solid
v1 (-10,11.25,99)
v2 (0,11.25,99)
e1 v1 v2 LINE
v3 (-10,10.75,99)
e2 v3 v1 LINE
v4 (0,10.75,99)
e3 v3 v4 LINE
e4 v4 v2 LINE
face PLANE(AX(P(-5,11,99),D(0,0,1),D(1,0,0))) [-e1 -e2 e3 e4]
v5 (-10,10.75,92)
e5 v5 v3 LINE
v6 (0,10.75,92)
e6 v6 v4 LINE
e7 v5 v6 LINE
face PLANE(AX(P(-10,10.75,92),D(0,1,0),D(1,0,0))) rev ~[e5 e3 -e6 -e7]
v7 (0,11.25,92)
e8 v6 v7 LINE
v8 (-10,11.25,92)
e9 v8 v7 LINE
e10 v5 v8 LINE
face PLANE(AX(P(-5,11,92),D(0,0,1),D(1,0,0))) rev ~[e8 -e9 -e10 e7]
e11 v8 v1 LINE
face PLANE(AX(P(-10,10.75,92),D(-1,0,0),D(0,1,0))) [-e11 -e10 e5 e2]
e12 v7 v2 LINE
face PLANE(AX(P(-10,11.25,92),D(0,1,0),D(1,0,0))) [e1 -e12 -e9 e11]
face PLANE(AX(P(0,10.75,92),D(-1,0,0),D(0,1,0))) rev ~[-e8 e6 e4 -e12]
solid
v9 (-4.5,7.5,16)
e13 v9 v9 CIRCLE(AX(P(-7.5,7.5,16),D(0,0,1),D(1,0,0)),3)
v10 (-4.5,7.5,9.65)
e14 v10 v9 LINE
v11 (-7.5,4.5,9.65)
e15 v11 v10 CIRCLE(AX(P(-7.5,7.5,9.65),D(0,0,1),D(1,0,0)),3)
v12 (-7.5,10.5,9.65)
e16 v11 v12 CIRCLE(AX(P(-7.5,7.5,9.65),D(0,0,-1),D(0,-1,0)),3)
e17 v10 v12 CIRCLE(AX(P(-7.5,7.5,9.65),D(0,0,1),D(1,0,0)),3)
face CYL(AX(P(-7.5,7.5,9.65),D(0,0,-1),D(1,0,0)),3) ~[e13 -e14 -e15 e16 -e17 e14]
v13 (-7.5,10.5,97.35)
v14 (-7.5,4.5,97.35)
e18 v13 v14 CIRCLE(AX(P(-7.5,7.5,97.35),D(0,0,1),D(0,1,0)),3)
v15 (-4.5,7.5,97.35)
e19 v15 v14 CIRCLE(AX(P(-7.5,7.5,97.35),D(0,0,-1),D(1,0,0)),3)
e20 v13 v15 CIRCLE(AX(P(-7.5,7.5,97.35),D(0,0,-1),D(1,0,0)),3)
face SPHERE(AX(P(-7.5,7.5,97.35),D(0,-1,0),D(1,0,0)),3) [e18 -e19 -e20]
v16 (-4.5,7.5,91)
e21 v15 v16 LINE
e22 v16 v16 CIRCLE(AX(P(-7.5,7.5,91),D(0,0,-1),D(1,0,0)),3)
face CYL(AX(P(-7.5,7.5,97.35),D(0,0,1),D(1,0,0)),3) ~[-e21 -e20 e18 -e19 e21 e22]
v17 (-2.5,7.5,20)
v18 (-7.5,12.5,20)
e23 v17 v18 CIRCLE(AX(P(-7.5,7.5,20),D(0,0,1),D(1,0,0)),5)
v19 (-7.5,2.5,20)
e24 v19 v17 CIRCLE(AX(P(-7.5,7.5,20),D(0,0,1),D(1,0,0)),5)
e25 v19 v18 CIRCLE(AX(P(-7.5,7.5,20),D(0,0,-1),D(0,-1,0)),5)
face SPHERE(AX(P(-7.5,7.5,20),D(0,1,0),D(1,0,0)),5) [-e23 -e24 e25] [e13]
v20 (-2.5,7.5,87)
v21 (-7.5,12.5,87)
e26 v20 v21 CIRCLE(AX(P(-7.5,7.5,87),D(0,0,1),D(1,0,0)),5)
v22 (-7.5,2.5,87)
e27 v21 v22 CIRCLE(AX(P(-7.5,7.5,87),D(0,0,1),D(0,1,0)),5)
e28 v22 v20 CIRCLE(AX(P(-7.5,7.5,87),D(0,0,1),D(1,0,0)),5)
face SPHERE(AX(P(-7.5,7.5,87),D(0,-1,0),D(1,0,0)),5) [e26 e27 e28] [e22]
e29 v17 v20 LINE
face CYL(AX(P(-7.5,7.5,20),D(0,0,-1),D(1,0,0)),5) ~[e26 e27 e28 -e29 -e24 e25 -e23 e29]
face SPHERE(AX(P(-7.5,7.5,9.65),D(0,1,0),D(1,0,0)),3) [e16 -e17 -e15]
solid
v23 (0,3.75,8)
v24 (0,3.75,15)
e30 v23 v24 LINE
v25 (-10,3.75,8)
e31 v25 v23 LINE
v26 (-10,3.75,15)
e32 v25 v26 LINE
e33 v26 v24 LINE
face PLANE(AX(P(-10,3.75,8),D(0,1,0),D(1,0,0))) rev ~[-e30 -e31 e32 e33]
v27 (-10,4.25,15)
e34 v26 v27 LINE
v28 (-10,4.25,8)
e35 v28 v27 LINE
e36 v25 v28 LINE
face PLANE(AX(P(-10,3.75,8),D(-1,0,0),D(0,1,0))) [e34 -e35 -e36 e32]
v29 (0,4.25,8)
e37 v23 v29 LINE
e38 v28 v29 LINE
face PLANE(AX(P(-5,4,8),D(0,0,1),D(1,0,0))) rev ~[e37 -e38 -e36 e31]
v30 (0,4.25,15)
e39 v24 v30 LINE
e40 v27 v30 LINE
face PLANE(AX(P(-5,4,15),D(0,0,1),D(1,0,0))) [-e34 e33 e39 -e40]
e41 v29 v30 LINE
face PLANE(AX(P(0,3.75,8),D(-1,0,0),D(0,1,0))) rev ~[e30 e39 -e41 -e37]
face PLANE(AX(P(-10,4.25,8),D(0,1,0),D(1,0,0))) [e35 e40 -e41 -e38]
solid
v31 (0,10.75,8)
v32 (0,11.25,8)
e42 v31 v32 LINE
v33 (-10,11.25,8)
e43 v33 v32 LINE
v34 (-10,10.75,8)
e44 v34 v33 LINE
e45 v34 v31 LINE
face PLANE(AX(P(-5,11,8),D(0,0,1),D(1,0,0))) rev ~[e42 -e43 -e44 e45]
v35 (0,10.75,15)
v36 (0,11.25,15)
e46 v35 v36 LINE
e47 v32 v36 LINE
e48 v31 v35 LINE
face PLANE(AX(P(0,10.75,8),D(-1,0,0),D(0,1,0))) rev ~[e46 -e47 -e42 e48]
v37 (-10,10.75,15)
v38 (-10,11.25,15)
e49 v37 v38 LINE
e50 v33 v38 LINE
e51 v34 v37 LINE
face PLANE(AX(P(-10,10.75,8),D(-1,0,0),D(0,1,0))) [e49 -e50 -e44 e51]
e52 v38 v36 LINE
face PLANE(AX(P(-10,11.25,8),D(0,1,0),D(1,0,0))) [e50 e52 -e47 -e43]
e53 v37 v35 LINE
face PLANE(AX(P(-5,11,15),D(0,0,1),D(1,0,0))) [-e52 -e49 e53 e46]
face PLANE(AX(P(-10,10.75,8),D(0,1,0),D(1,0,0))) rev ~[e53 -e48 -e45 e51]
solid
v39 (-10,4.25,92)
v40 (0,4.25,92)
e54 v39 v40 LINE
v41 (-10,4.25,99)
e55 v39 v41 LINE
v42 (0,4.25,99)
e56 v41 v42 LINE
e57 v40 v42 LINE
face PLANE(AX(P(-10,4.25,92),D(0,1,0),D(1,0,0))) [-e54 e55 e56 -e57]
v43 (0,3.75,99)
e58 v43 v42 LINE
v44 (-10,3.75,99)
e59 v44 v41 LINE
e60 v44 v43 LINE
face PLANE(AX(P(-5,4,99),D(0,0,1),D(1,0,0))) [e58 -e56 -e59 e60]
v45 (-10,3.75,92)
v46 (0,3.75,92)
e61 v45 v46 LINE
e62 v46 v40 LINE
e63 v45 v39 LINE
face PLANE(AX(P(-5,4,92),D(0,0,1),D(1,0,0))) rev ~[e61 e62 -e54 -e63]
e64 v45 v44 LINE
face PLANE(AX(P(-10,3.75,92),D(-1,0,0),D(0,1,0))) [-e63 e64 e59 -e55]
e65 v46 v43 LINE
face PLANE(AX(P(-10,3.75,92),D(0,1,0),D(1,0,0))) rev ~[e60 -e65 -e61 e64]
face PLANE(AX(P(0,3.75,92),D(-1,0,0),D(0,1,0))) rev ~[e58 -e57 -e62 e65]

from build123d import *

# Parameters (mm, degrees)
SPHERE_ANGLE              = 180
SPHERE001_ANGLE           = 180
SPHERE002_ANGLE           = 180
CYLINDER003_R             = 3
CYLINDER003_DEPTH         = 6.35
SPHERE003_ANGLE           = 180
CYLINDER004_R             = 3
CYLINDER004_DEPTH         = 6.35
FUSION001_PLACEMENT_ANGLE = 180
BOX002_W                  = 10
BOX002_H                  = 0.5
BOX002_DEPTH              = 7
BOX001_W                  = 10
BOX001_H                  = 0.5
BOX001_DEPTH              = 7
BOX004_W                  = 10
BOX004_H                  = 0.5
BOX004_DEPTH              = 7
BOX003_W                  = 10
BOX003_H                  = 0.5
BOX003_DEPTH              = 7
CYLINDER_R                = 5
CYLINDER_DEPTH            = 67


with BuildPart() as sphere:
    # Sphere → Sphere (revolve)
    with BuildSketch(Plane(origin=(-7.5, 7.5, 20), x_dir=(1, 0, 0), z_dir=(0, 0, 1))):
        with BuildLine():
            ThreePointArc((0, -5), (5, 0), (0, 5))
            Line((0, 5), (0, -5))
        make_face()
    revolve(axis=Axis((-7.5, 7.5, 20), (0, 1, 0)), revolution_arc=SPHERE_ANGLE)


with BuildPart() as sphere001:
    # Sphere001 → Sphere001 (revolve)
    with BuildSketch(Plane(origin=(-7.5, 7.5, 87), x_dir=(1, 0, 0), z_dir=(0, 0, -1))):
        with BuildLine():
            ThreePointArc((0, -5), (5, 0), (0, 5))
            Line((0, 5), (0, -5))
        make_face()
    revolve(axis=Axis((-7.5, 7.5, 87), (0, -1, 0)), revolution_arc=SPHERE001_ANGLE)


with BuildPart() as sphere002:
    # Sphere002 → Sphere002 (revolve)
    with BuildSketch(Plane(origin=(-7.5, 7.5, 9.65), x_dir=(1, 0, 0), z_dir=(0, 0, 1))):
        with BuildLine():
            ThreePointArc((0, -3), (3, 0), (0, 3))
            Line((0, 3), (0, -3))
        make_face()
    revolve(axis=Axis((-7.5, 7.5, 9.65), (0, 1, 0)), revolution_arc=SPHERE002_ANGLE)


with BuildPart() as bottomend:
    # Cylinder003 → Cylinder003 (new body)
    with BuildSketch(Plane(origin=(-7.5, 7.5, 9.65), x_dir=(1, 0, 0), z_dir=(0, 0, 1))):
        Circle(CYLINDER003_R)
    extrude(amount=CYLINDER003_DEPTH)

    # Fusion: union Sphere002
    add(sphere002.part)


with BuildPart() as sphere003:
    # Sphere003 → Sphere003 (revolve)
    with BuildSketch(Plane(origin=(-7.5, 7.5, 9.65), x_dir=(1, 0, 0), z_dir=(0, 0, 1))):
        with BuildLine():
            ThreePointArc((0, -3), (3, 0), (0, 3))
            Line((0, 3), (0, -3))
        make_face()
    revolve(axis=Axis((-7.5, 7.5, 9.65), (0, 1, 0)), revolution_arc=SPHERE003_ANGLE)


with BuildPart() as topend:
    # Cylinder004 → Cylinder004 (new body)
    with BuildSketch(Plane(origin=(-7.5, 7.5, 9.65), x_dir=(1, 0, 0), z_dir=(0, 0, 1))):
        Circle(CYLINDER004_R)
    extrude(amount=CYLINDER004_DEPTH)

    # Fusion001: union Sphere003
    add(sphere003.part)


with BuildPart() as topend_1:
    # Fusion001 placement: moved
    add(topend.part.moved(Location((0, 15, 107))).rotate(Axis((0, 15, 107), (1, 0, 0)), FUSION001_PLACEMENT_ANGLE))


with BuildPart() as cube001:
    # Box002 → Box002 (new body)
    with BuildSketch(Plane(origin=(-10, 10.75, 8), x_dir=(1, 0, 0), z_dir=(0, 0, 1))):
        with Locations((5, 0.25)):
            Rectangle(BOX002_W, BOX002_H)
    extrude(amount=BOX002_DEPTH)


with BuildPart() as bottom_tubehold:
    # Box001 → Box001 (new body)
    with BuildSketch(Plane(origin=(-10, 3.75, 8), x_dir=(1, 0, 0), z_dir=(0, 0, 1))):
        with Locations((5, 0.25)):
            Rectangle(BOX001_W, BOX001_H)
    extrude(amount=BOX001_DEPTH)

    # Fusion002: union Cube001
    add(cube001.part)


with BuildPart() as cube003:
    # Box004 → Box004 (new body)
    with BuildSketch(Plane(origin=(-10, 10.75, 92), x_dir=(1, 0, 0), z_dir=(0, 0, 1))):
        with Locations((5, 0.25)):
            Rectangle(BOX004_W, BOX004_H)
    extrude(amount=BOX004_DEPTH)


with BuildPart() as top_tubehold:
    # Box003 → Box003 (new body)
    with BuildSketch(Plane(origin=(-10, 3.75, 92), x_dir=(1, 0, 0), z_dir=(0, 0, 1))):
        with Locations((5, 0.25)):
            Rectangle(BOX003_W, BOX003_H)
    extrude(amount=BOX003_DEPTH)

    # Fusion003: union Cube003
    add(cube003.part)


with BuildPart() as tube003:
    # Cylinder → Cylinder (new body)
    with BuildSketch(Plane(origin=(-7.5, 7.5, 20), x_dir=(1, 0, 0), z_dir=(0, 0, 1))):
        Circle(CYLINDER_R)
    extrude(amount=CYLINDER_DEPTH)

    # Fusion005: union Sphere, Sphere001, bottomend, topend, bottom_tubehold, top_tubehold
    add(sphere.part)
    add(sphere001.part)
    add(bottomend.part)
    add(topend_1.part)
    add(bottom_tubehold.part)
    add(top_tubehold.part)


solid = tube003.part
